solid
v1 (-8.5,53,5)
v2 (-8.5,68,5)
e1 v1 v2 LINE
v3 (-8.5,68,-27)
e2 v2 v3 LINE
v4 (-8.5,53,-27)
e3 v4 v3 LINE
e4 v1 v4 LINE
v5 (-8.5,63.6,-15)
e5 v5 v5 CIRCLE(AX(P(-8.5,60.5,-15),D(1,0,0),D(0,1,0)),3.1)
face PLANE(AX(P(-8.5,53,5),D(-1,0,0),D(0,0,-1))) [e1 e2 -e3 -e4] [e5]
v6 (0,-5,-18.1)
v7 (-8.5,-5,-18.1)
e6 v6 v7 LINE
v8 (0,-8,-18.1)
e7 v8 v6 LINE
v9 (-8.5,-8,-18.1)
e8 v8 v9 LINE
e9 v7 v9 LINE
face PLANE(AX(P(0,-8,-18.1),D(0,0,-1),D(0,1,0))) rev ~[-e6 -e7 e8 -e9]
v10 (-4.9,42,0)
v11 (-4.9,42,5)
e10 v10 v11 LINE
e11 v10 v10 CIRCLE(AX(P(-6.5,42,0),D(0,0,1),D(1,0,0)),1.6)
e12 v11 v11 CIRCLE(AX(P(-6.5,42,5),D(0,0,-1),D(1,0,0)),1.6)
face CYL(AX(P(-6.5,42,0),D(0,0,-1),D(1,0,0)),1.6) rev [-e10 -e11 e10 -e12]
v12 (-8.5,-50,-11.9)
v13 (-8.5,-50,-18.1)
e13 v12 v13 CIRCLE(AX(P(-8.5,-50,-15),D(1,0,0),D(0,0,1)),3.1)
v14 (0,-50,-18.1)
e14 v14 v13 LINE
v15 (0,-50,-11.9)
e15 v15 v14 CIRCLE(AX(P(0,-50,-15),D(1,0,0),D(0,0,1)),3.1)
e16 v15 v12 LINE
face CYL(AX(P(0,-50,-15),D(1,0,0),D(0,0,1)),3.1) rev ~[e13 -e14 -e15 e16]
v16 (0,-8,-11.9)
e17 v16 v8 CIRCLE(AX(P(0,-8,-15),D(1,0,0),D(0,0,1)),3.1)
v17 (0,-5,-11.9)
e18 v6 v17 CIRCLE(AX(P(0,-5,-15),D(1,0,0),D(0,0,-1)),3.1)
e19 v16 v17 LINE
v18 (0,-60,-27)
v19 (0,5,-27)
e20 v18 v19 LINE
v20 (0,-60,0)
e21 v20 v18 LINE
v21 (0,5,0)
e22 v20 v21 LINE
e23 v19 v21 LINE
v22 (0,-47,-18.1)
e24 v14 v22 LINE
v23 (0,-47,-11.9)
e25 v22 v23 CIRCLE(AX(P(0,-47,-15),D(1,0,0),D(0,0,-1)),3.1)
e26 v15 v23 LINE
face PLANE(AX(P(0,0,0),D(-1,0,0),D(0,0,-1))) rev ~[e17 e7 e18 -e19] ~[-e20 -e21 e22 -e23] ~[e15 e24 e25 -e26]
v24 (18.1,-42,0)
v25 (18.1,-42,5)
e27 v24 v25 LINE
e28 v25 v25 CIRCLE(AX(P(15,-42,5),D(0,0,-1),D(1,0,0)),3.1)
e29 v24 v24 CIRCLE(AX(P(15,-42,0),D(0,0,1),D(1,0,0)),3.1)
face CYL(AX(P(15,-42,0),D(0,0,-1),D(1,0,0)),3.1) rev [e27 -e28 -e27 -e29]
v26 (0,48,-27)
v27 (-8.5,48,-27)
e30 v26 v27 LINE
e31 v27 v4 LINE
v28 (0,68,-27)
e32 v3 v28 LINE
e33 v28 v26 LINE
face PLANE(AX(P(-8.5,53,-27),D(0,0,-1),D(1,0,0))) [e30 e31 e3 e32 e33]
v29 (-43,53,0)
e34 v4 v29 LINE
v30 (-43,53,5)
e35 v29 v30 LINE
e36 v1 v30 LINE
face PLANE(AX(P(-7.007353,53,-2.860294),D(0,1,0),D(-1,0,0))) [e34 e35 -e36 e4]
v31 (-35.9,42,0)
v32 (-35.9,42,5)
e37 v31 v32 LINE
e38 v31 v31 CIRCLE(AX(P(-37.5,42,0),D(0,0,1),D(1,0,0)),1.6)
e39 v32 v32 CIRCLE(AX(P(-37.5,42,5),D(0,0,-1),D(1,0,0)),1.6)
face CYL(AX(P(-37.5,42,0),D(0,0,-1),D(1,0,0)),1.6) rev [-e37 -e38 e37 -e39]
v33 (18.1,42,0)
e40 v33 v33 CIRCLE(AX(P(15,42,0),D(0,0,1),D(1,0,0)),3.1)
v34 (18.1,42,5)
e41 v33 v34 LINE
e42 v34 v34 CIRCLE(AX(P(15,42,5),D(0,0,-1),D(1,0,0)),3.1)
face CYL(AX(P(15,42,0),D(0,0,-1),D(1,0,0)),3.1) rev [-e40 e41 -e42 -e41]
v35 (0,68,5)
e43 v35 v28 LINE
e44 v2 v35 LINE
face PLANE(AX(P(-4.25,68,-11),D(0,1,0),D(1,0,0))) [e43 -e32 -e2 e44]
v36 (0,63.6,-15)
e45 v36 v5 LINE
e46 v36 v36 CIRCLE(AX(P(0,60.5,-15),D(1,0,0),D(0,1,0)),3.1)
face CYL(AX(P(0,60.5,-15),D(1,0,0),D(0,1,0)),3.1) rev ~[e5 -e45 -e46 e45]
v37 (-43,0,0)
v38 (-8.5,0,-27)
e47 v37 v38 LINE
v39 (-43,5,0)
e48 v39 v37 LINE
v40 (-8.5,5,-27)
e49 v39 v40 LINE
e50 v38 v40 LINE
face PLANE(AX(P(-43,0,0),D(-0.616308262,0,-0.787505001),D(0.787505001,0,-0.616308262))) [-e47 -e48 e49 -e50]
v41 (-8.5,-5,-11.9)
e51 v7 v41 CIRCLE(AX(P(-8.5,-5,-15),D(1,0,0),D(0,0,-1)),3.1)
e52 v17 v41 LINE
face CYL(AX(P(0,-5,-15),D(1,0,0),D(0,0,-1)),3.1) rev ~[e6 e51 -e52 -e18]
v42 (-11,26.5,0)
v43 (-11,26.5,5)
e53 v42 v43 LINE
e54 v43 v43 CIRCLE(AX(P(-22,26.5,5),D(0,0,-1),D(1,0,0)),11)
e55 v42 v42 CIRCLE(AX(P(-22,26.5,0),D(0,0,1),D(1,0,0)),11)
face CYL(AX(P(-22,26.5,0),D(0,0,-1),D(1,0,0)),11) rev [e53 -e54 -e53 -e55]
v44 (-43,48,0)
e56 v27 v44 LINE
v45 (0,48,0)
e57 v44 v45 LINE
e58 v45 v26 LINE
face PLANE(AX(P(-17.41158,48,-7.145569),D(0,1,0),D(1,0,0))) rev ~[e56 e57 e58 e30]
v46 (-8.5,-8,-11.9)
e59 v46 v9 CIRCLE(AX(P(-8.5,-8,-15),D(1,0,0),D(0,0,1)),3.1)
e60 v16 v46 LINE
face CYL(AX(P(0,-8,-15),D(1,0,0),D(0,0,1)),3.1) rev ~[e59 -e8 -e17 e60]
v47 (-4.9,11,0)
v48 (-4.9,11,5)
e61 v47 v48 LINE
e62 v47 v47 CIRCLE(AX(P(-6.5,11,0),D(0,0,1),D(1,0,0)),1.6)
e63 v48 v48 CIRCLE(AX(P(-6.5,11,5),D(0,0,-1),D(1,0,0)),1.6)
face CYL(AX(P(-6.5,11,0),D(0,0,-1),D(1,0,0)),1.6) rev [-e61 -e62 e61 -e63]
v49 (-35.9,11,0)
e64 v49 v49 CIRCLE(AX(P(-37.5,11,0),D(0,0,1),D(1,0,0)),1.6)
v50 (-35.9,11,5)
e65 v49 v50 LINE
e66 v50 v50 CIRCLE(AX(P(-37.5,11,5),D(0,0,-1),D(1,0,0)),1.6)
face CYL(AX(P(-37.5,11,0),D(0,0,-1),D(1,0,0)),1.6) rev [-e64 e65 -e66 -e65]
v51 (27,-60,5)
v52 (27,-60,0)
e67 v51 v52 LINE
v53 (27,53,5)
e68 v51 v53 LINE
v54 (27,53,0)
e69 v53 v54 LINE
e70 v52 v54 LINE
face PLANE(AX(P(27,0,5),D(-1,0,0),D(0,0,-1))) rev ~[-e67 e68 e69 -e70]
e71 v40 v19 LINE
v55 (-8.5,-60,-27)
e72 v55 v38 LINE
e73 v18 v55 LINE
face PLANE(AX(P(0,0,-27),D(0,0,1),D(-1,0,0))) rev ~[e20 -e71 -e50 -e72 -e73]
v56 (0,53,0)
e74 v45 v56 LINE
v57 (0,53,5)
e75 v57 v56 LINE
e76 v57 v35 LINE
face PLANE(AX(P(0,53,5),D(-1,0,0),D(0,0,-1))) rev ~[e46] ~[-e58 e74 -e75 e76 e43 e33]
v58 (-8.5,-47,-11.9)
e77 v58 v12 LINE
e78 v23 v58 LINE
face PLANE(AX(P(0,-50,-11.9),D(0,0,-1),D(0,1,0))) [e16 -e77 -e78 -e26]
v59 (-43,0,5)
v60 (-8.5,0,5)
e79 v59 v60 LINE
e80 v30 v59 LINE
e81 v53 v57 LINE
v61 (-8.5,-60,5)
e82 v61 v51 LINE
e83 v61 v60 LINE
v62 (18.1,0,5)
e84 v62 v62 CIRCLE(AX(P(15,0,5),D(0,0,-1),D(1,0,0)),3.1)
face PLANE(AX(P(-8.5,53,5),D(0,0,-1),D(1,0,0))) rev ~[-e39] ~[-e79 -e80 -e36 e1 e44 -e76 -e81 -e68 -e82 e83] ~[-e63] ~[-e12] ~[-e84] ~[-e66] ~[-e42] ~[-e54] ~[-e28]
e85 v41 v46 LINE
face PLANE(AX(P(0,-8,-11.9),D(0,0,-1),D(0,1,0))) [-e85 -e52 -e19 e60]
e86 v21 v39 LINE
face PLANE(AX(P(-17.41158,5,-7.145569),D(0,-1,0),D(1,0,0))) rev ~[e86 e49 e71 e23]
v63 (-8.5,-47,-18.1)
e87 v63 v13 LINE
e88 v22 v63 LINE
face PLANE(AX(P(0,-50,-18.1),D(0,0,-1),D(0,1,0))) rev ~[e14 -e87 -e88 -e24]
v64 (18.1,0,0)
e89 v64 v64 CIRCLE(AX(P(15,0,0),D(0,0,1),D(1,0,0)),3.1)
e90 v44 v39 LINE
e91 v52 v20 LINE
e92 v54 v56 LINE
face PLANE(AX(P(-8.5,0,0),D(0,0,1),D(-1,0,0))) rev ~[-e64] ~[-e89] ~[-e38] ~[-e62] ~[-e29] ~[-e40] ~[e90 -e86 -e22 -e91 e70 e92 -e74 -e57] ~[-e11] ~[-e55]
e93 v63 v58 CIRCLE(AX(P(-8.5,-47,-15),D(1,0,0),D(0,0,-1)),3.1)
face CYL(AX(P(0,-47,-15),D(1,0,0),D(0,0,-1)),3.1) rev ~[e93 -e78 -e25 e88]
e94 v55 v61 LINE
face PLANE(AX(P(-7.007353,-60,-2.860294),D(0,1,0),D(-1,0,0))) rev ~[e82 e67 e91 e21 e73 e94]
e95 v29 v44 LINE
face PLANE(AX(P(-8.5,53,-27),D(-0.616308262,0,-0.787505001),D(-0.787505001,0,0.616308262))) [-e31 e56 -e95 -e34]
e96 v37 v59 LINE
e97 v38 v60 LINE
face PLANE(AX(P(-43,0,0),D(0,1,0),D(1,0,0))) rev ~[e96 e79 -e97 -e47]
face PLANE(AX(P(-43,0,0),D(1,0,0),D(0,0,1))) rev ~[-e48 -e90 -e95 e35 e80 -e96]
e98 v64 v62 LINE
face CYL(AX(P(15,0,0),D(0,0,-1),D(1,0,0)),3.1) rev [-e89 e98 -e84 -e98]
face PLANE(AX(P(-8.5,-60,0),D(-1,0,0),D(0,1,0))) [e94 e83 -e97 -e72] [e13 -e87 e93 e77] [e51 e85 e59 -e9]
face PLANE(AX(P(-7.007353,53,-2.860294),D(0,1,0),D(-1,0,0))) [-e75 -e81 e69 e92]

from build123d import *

# Parameters (mm, degrees)
PAD_DEPTH         = 60
PAD_DEPTH_BACK    = 53
SKETCH001_R       = 11
SKETCH001_R_2     = 1.6
SKETCH001_R_3     = 3.1
SKETCH001_W       = 34.5
SKETCH001_H       = 60
POCKET_DEPTH      = 27.001
POCKET_DEPTH_BACK = -5.001
POCKET001_DEPTH   = 43.001
PAD001_DEPTH      = 5
PAD002_DEPTH      = 5
SKETCH005_W       = 43
SKETCH005_H       = 27
POCKET002_DEPTH   = 43.001
SKETCH006_W       = 8.5
SKETCH006_H       = 32
PAD003_DEPTH      = 15
SKETCH007_R       = 3.1
POCKET003_DEPTH   = 43.001


with BuildPart() as part:
    # Sketch → Pad (new body, two sides)
    with BuildSketch(Plane.XZ) as pad_sk:
        Polygon((-43, 5), (27, 5), (27, 0), (0, 0), (0, -27), (-8.5, -27), (-8.5, 0), (-43, 0), align=None)
    extrude(amount=PAD_DEPTH)
    extrude(pad_sk.sketch, amount=-PAD_DEPTH_BACK)

    # Sketch001 → Pocket (cut, two sides)
    with BuildSketch(Plane.XY) as pocket_sk:
        with Locations((-22, 26.5)):
            Circle(SKETCH001_R)
        with Locations((-37.5, 42)):
            Circle(SKETCH001_R_2)
        with Locations((-6.5, 42)):
            Circle(SKETCH001_R_2)
        with Locations((-37.5, 11)):
            Circle(SKETCH001_R_2)
        with Locations((-6.5, 11)):
            Circle(SKETCH001_R_2)
        with Locations((15, 42)):
            Circle(SKETCH001_R_3)
        with Locations((15, -42)):
            Circle(SKETCH001_R_3)
        with Locations((15, 0)):
            Circle(SKETCH001_R_3)
        with Locations((-25.75, -30)):
            Rectangle(SKETCH001_W, SKETCH001_H)
    extrude(amount=-POCKET_DEPTH, mode=Mode.SUBTRACT)
    extrude(pocket_sk.sketch, amount=-POCKET_DEPTH_BACK, mode=Mode.SUBTRACT)

    # Sketch002 → Pocket001 (cut, through all)
    with BuildSketch(Plane.YZ):
        with BuildLine():
            ThreePointArc((-50, -11.9), (-53.1, -15), (-50, -18.1))
            Line((-50, -18.1), (-47, -18.1))
            ThreePointArc((-47, -18.1), (-43.9, -15), (-47, -11.9))
            Line((-50, -11.9), (-47, -11.9))
        make_face()
        with BuildLine():
            ThreePointArc((-8, -11.9), (-11.1, -15), (-8, -18.1))
            Line((-8, -18.1), (-5, -18.1))
            ThreePointArc((-5, -18.1), (-1.9, -15), (-5, -11.9))
            Line((-8, -11.9), (-5, -11.9))
        make_face()
    extrude(amount=-POCKET001_DEPTH, mode=Mode.SUBTRACT)

    # Sketch003 → Pad001 (join)
    with BuildSketch(Plane.XZ):
        Polygon((-43, 5), (-43, 0), (-8.5, -27), (0, -27), (0, 5), align=None)
    extrude(amount=-PAD001_DEPTH)

    # Sketch004 (on Face1 of Pad001) → Pad002 (join)
    with BuildSketch(Plane(origin=(0, 53, 0), x_dir=(1, 0, 0), z_dir=(0, 1, 0))):
        Polygon((-43, -5), (0, -5), (0, 27), (-8.5, 27), (-43, 0), align=None)
    extrude(amount=-PAD002_DEPTH)

    # Sketch005 → Pocket002 (cut, through all)
    with BuildSketch(Plane.YZ):
        with Locations((26.5, -13.5)):
            Rectangle(SKETCH005_W, SKETCH005_H)
    extrude(amount=-POCKET002_DEPTH, mode=Mode.SUBTRACT)

    # Sketch006 (on Face4 of Pocket002) → Pad003 (join)
    with BuildSketch(Plane(origin=(0, 53, 0), x_dir=(1, 0, 0), z_dir=(0, 1, 0))):
        with Locations((-4.25, 11)):
            Rectangle(SKETCH006_W, SKETCH006_H)
    extrude(amount=PAD003_DEPTH)

    # Sketch007 → Pocket003 (cut, through all)
    with BuildSketch(Plane.YZ):
        with Locations((60.5, -15)):
            Circle(SKETCH007_R)
    extrude(amount=-POCKET003_DEPTH, mode=Mode.SUBTRACT)


solid = part.part
